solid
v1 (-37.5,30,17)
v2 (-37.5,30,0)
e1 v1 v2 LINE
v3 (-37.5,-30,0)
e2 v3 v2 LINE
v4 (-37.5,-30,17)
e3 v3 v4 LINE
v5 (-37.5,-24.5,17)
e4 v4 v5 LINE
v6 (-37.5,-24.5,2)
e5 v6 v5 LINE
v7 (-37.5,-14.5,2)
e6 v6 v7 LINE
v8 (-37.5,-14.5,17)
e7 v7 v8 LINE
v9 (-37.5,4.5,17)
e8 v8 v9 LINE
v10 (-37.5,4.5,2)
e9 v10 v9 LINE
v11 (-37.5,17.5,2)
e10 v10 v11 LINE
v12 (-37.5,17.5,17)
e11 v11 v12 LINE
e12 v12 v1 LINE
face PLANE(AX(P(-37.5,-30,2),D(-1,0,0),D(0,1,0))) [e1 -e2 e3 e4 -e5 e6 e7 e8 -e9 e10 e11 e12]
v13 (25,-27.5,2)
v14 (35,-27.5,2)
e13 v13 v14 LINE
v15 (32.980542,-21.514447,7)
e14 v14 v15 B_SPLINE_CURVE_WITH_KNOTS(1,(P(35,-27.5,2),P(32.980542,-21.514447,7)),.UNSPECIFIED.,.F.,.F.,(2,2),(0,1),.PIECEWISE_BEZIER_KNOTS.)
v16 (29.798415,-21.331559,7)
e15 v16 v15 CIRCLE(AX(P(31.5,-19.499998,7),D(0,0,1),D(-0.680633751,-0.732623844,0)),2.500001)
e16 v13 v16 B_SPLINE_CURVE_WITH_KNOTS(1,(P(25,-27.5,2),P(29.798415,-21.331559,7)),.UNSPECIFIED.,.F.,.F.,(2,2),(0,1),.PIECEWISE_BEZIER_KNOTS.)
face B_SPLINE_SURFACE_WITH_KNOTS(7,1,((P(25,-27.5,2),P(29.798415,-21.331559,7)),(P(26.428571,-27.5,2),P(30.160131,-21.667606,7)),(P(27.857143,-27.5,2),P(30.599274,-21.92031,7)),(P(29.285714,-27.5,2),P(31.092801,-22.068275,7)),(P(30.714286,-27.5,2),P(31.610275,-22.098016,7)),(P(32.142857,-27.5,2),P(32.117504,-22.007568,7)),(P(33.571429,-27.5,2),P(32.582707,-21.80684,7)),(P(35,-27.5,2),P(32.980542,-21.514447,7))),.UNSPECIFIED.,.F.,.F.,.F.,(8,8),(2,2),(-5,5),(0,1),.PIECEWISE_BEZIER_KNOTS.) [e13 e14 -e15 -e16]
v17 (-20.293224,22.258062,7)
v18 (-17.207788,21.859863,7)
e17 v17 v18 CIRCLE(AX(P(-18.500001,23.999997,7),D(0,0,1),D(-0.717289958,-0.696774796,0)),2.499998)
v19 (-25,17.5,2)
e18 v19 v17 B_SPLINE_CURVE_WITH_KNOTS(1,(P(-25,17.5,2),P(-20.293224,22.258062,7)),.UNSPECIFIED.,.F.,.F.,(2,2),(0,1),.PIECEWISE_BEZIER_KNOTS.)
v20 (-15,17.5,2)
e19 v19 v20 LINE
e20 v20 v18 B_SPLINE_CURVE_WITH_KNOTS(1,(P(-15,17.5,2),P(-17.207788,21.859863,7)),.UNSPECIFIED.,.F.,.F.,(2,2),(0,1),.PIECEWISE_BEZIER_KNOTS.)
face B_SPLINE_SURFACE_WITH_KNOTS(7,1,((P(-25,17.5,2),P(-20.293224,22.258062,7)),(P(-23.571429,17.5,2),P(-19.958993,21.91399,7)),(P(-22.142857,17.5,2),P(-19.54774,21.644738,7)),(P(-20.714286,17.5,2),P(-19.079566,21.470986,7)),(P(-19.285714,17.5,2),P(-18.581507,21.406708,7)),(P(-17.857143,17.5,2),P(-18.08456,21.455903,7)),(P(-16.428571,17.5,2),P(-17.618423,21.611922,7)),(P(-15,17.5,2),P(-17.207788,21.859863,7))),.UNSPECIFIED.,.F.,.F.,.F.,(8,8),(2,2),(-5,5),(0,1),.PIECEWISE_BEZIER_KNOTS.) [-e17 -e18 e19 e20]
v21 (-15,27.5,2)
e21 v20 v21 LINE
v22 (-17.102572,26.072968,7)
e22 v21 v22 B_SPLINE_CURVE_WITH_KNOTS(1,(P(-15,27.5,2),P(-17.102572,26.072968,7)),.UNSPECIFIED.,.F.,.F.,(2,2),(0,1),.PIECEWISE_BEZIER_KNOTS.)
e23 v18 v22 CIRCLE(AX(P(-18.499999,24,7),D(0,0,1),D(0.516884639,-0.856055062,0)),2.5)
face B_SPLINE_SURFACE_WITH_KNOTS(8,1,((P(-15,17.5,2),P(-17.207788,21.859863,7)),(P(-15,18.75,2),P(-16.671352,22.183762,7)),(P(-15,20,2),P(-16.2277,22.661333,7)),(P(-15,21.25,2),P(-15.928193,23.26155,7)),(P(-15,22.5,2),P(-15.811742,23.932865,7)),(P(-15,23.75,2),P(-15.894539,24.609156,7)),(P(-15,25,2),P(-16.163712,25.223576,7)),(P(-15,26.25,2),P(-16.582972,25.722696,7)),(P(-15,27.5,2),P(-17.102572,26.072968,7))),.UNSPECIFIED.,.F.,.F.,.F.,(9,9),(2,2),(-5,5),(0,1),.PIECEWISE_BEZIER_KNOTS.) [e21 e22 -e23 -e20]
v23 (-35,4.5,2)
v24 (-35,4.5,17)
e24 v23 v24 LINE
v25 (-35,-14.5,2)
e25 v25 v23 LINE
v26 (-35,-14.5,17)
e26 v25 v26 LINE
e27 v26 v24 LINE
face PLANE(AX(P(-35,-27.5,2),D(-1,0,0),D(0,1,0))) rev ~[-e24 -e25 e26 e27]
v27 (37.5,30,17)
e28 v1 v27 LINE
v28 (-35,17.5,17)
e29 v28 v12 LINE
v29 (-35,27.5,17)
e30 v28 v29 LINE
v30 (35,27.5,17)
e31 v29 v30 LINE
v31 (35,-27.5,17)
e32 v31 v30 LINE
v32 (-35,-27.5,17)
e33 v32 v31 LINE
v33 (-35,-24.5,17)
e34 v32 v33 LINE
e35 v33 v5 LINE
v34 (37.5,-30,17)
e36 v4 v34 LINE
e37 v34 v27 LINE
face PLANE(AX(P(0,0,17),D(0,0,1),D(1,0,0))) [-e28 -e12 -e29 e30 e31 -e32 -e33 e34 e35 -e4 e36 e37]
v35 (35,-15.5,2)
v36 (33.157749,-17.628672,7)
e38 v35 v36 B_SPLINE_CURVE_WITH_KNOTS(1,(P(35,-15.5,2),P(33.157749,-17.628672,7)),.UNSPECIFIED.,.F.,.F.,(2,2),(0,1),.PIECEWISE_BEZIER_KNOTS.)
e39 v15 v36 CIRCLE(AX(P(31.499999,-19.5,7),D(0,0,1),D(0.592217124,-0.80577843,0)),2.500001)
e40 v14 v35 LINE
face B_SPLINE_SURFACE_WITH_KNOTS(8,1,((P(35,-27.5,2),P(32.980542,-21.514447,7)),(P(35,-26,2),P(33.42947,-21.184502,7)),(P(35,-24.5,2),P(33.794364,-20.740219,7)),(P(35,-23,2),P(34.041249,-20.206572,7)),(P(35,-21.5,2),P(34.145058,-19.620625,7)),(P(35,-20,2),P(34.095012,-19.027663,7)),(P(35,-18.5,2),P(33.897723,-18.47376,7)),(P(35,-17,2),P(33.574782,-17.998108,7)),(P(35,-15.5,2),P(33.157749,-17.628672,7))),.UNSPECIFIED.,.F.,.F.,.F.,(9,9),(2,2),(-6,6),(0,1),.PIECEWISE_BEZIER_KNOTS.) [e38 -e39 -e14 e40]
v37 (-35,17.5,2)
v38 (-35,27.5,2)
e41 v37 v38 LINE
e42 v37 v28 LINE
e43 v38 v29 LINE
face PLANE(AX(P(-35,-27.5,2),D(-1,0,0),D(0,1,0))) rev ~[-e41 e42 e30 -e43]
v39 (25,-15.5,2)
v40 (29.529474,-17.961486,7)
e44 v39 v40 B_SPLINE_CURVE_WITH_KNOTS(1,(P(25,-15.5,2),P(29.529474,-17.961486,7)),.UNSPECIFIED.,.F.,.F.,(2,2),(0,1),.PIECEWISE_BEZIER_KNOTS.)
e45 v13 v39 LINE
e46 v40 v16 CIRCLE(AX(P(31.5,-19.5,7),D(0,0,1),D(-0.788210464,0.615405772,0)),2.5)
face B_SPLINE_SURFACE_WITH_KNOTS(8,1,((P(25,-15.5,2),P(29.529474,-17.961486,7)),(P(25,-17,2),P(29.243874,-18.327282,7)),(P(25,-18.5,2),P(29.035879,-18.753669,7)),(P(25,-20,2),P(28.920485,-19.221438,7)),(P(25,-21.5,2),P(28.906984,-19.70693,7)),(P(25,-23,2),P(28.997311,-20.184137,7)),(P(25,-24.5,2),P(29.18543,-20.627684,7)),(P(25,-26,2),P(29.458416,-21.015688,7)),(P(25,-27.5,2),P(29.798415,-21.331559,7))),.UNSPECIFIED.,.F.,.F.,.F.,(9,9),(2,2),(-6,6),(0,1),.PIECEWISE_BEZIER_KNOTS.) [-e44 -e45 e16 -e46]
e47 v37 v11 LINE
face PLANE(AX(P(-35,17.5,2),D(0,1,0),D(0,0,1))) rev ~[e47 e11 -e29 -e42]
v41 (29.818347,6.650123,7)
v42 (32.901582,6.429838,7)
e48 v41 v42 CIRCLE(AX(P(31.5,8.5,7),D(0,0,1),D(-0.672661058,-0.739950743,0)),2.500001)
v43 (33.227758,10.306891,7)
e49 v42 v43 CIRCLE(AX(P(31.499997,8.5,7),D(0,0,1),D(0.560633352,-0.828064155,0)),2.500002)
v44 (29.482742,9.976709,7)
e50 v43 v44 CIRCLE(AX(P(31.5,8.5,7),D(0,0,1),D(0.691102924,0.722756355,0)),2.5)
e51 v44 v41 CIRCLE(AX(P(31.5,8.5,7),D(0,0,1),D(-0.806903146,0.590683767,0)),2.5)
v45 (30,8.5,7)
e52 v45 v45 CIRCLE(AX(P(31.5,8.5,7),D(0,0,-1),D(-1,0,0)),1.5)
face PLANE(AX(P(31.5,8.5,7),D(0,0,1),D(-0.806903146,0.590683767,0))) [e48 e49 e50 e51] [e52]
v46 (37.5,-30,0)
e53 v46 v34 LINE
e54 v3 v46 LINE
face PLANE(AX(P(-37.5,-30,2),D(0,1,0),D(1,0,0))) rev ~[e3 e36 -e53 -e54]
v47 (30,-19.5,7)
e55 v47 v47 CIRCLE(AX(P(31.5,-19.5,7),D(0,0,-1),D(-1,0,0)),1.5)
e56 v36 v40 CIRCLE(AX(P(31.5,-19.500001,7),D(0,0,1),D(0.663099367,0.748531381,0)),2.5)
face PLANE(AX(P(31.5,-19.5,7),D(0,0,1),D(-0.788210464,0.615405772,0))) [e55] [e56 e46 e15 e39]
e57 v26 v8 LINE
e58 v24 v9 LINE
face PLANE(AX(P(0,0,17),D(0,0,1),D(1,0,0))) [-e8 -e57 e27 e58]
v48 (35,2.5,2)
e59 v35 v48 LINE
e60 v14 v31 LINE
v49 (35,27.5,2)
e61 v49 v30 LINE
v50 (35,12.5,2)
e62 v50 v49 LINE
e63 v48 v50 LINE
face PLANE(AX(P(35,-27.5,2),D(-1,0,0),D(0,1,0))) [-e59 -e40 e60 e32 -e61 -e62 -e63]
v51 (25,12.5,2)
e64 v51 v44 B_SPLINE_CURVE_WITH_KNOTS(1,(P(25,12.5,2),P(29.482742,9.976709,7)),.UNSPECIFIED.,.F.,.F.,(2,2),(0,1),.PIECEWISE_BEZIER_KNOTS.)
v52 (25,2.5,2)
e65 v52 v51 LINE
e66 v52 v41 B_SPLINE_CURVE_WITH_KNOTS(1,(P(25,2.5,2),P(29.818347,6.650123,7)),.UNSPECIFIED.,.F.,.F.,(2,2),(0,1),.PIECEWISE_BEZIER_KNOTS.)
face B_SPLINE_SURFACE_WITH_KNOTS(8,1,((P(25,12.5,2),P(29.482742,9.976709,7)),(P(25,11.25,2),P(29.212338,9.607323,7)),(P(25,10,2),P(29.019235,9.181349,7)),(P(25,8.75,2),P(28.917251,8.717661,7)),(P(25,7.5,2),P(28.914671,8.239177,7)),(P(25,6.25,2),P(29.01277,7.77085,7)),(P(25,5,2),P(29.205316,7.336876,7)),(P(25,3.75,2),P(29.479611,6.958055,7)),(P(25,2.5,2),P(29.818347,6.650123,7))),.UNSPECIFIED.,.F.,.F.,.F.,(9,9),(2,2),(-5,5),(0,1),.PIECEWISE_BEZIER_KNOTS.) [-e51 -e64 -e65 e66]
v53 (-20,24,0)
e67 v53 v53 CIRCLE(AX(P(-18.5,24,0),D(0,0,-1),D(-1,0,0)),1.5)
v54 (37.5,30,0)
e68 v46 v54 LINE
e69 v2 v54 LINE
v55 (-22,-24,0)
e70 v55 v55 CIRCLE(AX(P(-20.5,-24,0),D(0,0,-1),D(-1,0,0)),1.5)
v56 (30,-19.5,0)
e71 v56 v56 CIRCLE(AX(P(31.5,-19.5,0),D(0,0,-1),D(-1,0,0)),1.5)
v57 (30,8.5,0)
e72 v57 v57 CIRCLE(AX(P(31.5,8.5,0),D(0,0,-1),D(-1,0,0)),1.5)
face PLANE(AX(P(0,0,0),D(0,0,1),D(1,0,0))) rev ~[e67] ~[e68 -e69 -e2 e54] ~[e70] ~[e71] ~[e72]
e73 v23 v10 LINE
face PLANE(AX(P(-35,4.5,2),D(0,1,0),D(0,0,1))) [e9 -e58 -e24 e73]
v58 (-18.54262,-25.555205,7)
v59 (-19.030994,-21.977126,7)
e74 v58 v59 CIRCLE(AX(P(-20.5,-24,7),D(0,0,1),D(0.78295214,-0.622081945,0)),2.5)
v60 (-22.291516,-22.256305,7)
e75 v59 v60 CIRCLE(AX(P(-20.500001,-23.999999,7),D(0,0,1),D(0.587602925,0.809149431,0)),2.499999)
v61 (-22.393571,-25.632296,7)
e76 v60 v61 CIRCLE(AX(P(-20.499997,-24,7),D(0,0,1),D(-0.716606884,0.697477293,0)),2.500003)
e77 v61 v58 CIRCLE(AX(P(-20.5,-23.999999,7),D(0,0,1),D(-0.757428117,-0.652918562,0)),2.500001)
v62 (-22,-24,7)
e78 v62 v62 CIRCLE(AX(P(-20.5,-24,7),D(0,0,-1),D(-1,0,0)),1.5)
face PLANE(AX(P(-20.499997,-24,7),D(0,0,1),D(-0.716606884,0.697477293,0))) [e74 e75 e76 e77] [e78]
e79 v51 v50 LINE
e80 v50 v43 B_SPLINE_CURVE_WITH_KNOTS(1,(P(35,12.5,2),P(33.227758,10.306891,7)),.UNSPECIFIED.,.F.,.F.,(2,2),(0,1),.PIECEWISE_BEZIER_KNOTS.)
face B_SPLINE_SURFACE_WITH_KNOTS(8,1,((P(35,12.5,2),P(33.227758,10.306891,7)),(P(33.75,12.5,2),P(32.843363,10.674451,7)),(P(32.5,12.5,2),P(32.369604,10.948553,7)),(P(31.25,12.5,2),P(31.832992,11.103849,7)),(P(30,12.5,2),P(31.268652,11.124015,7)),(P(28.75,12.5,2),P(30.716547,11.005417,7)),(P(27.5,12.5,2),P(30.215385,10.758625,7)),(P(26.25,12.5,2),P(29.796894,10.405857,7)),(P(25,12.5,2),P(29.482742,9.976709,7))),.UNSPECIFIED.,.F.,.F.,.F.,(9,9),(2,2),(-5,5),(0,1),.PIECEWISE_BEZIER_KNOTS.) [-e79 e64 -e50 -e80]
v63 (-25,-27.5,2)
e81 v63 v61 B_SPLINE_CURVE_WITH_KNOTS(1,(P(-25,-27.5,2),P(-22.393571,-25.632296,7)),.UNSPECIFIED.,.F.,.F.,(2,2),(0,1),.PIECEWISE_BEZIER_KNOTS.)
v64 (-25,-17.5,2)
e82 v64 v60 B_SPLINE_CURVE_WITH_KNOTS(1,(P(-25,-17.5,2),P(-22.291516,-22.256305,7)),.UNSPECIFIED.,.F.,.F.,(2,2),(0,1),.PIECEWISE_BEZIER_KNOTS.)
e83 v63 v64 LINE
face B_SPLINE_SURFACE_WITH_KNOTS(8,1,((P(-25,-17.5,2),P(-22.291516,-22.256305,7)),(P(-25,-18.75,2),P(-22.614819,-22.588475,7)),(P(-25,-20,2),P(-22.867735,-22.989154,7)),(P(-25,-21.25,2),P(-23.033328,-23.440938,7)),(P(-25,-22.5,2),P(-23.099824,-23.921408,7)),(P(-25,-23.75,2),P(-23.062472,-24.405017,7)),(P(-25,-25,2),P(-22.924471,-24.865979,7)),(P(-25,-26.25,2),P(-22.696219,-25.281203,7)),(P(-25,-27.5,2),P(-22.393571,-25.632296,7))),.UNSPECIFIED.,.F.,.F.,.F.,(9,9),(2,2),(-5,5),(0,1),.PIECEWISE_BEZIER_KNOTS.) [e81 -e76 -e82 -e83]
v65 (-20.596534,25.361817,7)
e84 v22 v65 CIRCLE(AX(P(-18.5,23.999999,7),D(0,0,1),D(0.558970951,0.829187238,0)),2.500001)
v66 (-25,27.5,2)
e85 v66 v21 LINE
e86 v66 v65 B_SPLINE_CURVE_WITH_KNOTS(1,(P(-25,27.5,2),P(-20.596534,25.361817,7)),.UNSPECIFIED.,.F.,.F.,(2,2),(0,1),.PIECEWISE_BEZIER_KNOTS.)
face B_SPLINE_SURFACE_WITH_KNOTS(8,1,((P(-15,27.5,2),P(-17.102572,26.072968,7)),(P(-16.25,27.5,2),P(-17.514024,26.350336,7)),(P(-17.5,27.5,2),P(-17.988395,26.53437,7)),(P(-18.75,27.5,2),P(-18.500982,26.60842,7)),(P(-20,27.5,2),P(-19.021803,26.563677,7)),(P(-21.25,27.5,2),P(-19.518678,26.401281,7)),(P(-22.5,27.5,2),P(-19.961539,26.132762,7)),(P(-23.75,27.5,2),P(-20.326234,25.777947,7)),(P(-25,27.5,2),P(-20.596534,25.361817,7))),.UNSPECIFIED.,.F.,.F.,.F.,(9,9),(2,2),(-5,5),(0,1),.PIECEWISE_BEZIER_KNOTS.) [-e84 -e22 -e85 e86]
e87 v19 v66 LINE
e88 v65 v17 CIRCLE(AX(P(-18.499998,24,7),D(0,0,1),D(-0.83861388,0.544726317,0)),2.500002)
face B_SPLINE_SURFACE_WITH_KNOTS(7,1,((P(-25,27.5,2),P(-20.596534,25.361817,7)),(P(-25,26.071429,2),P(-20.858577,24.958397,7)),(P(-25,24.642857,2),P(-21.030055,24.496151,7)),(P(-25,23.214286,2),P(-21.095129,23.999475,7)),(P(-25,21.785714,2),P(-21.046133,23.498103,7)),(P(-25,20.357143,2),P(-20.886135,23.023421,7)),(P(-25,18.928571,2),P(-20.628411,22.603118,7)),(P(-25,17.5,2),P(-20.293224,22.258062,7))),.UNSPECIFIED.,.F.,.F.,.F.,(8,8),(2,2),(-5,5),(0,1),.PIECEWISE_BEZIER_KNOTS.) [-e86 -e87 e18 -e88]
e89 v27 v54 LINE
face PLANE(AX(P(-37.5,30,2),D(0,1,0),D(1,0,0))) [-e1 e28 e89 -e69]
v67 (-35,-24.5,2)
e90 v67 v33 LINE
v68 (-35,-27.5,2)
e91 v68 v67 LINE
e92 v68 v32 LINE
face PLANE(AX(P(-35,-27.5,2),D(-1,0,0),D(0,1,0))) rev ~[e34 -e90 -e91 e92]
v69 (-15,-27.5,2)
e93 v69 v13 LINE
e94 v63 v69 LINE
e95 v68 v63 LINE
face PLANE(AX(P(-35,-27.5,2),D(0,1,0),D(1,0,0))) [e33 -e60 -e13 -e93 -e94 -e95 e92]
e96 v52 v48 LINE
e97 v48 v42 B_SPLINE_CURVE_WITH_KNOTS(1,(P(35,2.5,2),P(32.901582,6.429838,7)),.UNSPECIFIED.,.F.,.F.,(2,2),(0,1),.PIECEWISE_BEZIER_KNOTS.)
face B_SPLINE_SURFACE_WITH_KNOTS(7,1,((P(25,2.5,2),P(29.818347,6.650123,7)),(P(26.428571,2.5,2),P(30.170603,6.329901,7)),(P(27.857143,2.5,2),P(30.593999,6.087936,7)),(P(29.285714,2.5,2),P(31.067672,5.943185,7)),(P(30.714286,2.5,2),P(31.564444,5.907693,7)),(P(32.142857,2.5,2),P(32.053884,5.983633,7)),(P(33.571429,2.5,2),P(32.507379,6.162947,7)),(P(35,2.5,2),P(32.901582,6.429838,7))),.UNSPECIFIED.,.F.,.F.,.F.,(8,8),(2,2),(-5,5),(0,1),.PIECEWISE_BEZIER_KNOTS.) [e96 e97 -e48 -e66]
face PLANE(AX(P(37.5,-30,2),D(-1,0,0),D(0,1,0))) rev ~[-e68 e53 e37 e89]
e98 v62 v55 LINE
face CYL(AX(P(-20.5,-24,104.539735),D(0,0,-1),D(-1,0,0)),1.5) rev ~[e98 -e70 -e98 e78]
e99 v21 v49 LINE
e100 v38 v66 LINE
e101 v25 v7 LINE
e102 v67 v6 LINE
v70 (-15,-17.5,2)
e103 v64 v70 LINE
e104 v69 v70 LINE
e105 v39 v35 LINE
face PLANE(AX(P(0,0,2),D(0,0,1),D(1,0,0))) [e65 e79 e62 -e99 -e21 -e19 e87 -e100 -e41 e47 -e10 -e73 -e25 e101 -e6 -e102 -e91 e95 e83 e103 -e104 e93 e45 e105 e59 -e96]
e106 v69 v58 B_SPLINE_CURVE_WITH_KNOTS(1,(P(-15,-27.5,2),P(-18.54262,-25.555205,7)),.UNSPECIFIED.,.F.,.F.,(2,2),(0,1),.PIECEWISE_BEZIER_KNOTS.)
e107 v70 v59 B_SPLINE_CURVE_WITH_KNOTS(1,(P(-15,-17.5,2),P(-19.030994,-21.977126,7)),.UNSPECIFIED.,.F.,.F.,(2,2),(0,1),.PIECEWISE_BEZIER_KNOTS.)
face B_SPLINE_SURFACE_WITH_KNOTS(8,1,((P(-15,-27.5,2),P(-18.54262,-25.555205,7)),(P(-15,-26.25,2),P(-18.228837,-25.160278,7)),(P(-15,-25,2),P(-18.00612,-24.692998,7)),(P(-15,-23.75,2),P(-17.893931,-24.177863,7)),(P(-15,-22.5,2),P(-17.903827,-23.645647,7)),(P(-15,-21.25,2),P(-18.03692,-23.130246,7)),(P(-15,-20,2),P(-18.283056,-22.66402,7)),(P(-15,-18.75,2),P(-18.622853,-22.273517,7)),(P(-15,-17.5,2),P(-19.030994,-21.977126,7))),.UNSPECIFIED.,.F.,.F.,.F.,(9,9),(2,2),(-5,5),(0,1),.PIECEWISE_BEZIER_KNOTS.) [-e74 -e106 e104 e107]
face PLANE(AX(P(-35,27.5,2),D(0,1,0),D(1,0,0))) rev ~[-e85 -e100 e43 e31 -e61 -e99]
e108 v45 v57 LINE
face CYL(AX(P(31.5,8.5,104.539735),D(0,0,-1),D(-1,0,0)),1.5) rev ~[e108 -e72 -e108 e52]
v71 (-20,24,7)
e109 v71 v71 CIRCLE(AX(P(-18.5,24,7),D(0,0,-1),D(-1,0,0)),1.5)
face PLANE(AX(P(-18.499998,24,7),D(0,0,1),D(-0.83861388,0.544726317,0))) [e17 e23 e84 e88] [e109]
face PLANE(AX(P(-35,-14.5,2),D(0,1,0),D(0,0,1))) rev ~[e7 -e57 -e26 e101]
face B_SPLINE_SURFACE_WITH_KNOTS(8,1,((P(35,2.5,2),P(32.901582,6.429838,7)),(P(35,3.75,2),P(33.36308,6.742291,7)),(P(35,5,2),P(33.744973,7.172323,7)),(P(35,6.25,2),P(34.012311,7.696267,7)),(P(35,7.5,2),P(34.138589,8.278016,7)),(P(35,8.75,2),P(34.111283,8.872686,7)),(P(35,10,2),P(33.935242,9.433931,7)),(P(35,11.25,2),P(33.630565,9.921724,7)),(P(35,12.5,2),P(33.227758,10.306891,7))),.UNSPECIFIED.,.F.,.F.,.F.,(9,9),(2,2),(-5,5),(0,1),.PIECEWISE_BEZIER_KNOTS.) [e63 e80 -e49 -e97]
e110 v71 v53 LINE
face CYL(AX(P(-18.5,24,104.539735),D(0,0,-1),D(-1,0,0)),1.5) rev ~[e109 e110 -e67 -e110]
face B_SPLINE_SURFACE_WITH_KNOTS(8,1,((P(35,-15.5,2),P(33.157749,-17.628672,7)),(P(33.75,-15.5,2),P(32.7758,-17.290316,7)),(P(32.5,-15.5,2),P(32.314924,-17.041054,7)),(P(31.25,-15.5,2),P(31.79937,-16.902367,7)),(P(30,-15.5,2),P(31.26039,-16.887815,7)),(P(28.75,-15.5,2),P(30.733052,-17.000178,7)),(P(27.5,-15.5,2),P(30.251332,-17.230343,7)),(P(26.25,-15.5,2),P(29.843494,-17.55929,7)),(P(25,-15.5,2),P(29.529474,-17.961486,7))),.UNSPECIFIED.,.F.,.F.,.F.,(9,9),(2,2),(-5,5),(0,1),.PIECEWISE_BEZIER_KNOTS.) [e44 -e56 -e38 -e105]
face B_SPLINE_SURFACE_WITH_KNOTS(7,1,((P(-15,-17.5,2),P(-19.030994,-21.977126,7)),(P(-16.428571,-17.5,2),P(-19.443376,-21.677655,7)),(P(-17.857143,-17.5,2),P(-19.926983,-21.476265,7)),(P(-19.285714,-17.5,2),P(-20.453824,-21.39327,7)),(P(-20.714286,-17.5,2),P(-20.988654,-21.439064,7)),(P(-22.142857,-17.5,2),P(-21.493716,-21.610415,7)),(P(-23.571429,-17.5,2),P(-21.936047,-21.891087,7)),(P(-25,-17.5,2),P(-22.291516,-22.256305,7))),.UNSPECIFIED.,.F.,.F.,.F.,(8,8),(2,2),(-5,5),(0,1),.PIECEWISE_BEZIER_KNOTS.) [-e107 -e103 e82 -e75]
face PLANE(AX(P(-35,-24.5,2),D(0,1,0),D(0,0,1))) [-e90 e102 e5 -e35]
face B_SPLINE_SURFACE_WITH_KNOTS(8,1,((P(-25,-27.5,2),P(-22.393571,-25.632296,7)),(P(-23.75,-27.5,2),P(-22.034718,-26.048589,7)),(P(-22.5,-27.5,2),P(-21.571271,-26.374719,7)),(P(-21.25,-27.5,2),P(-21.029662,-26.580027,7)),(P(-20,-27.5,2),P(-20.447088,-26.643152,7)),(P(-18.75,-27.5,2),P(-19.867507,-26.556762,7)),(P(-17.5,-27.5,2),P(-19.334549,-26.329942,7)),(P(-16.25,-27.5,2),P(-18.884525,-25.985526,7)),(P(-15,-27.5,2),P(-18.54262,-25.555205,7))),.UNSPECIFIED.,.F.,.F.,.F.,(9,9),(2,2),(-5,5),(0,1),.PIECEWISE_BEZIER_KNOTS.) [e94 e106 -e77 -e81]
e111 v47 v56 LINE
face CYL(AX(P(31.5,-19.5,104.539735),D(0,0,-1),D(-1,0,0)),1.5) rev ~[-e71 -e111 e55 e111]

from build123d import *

# Parameters (mm, degrees)
F0_W      = 75
F0_H      = 60
F1_DEPTH  = 2
F2_W      = 75
F2_H      = 60
F2_W_2    = 70
F2_H_2    = 55
F3_DEPTH  = 15
F4_W      = 10
F4_H      = 10
F4_H_2    = 12
F11_D     = 3
F12_W     = 10
F12_H     = 15
F12_W_2   = 13
F13_DEPTH = 2.5


with BuildPart() as f1:
    # F0 (on Top) → F1 (new body)
    with BuildSketch(Plane.XY):
        Rectangle(F0_W, F0_H)
    extrude(amount=F1_DEPTH)

    # F2 (on face) → F3 (join)
    with BuildSketch(Plane.XY.offset(2)):
        Rectangle(F2_W, F2_H)
        Rectangle(F2_W_2, F2_H_2, mode=Mode.SUBTRACT)
    extrude(amount=F3_DEPTH)

    # F4 (on face) → F7 section 0
    with BuildSketch(Plane.XY.offset(2)):
        with Locations((-20, 22.5)):
            Rectangle(F4_W, F4_H)
    # F6 (on offset) → F7 section 1
    with BuildSketch(Plane.XY.offset(7)):
        with BuildLine():
            ThreePointArc((-20.293224, 22.258062), (-18.819991, 21.520563), (-17.207788, 21.859863))
            ThreePointArc((-17.207788, 21.859863), (-16.000779, 23.937586), (-17.102572, 26.072968))
            ThreePointArc((-17.102572, 26.072968), (-18.99862, 26.449771), (-20.596534, 25.361817))
            ThreePointArc((-20.596534, 25.361817), (-20.988147, 23.756849), (-20.293224, 22.258062))
        make_face()
    loft()

    # F4 (on face) → F8 section 0
    with BuildSketch(Plane.XY.offset(2)):
        with Locations((30, 7.5)):
            Rectangle(F4_W, F4_H)
    # F6 (on offset) → F8 section 1
    with BuildSketch(Plane.XY.offset(7)):
        with BuildLine():
            ThreePointArc((29.818347, 6.650123), (31.321839, 6.006356), (32.901582, 6.429838))
            ThreePointArc((32.901582, 6.429838), (33.991199, 8.290416), (33.227758, 10.306891))
            ThreePointArc((33.227758, 10.306891), (31.280438, 10.99034), (29.482742, 9.976709))
            ThreePointArc((29.482742, 9.976709), (29.012626, 8.249059), (29.818347, 6.650123))
        make_face()
    loft()

    # F4 (on face) → F9 section 0
    with BuildSketch(Plane.XY.offset(2)):
        with Locations((30, -21.5)):
            Rectangle(F4_W, F4_H_2)
    # F6 (on offset) → F9 section 1
    with BuildSketch(Plane.XY.offset(7)):
        with BuildLine():
            ThreePointArc((29.529474, -17.961486), (29.007923, -19.698875), (29.798415, -21.331559))
            ThreePointArc((29.798415, -21.331559), (31.356554, -21.995881), (32.980542, -21.514447))
            ThreePointArc((32.980542, -21.514447), (33.997404, -19.613892), (33.157749, -17.628672))
            ThreePointArc((33.157749, -17.628672), (31.271639, -17.010452), (29.529474, -17.961486))
        make_face()
    loft()

    # F4 (on face) → F10 section 0
    with BuildSketch(Plane.XY.offset(2)):
        with Locations((-20, -22.5)):
            Rectangle(F4_W, F4_H)
    # F6 (on offset) → F10 section 1
    with BuildSketch(Plane.XY.offset(7)):
        with BuildLine():
            ThreePointArc((-19.030994, -21.977126), (-20.71328, -21.509114), (-22.291516, -22.256305))
            ThreePointArc((-22.291516, -22.256305), (-22.998858, -23.92446), (-22.393571, -25.632296))
            ThreePointArc((-22.393571, -25.632296), (-20.449964, -26.499499), (-18.54262, -25.555205))
            ThreePointArc((-18.54262, -25.555205), (-18.022967, -23.661909), (-19.030994, -21.977126))
        make_face()
    loft()

    # F11 (through all)
    with Locations(Plane.XY.offset(7)):
        with Locations((-18.5, 24), (31.5, 8.5), (31.5, -19.5), (-20.5, -24)):
            Hole(F11_D / 2)

    # F12 (on face) → F13 (cut, through all)
    with BuildSketch(Plane.YZ.offset(-35)):
        with Locations((-19.5, 9.5)):
            Rectangle(F12_W, F12_H)
        with Locations((11, 9.5)):
            Rectangle(F12_W_2, F12_H)
    extrude(amount=-F13_DEPTH, mode=Mode.SUBTRACT)


solid = f1.part
